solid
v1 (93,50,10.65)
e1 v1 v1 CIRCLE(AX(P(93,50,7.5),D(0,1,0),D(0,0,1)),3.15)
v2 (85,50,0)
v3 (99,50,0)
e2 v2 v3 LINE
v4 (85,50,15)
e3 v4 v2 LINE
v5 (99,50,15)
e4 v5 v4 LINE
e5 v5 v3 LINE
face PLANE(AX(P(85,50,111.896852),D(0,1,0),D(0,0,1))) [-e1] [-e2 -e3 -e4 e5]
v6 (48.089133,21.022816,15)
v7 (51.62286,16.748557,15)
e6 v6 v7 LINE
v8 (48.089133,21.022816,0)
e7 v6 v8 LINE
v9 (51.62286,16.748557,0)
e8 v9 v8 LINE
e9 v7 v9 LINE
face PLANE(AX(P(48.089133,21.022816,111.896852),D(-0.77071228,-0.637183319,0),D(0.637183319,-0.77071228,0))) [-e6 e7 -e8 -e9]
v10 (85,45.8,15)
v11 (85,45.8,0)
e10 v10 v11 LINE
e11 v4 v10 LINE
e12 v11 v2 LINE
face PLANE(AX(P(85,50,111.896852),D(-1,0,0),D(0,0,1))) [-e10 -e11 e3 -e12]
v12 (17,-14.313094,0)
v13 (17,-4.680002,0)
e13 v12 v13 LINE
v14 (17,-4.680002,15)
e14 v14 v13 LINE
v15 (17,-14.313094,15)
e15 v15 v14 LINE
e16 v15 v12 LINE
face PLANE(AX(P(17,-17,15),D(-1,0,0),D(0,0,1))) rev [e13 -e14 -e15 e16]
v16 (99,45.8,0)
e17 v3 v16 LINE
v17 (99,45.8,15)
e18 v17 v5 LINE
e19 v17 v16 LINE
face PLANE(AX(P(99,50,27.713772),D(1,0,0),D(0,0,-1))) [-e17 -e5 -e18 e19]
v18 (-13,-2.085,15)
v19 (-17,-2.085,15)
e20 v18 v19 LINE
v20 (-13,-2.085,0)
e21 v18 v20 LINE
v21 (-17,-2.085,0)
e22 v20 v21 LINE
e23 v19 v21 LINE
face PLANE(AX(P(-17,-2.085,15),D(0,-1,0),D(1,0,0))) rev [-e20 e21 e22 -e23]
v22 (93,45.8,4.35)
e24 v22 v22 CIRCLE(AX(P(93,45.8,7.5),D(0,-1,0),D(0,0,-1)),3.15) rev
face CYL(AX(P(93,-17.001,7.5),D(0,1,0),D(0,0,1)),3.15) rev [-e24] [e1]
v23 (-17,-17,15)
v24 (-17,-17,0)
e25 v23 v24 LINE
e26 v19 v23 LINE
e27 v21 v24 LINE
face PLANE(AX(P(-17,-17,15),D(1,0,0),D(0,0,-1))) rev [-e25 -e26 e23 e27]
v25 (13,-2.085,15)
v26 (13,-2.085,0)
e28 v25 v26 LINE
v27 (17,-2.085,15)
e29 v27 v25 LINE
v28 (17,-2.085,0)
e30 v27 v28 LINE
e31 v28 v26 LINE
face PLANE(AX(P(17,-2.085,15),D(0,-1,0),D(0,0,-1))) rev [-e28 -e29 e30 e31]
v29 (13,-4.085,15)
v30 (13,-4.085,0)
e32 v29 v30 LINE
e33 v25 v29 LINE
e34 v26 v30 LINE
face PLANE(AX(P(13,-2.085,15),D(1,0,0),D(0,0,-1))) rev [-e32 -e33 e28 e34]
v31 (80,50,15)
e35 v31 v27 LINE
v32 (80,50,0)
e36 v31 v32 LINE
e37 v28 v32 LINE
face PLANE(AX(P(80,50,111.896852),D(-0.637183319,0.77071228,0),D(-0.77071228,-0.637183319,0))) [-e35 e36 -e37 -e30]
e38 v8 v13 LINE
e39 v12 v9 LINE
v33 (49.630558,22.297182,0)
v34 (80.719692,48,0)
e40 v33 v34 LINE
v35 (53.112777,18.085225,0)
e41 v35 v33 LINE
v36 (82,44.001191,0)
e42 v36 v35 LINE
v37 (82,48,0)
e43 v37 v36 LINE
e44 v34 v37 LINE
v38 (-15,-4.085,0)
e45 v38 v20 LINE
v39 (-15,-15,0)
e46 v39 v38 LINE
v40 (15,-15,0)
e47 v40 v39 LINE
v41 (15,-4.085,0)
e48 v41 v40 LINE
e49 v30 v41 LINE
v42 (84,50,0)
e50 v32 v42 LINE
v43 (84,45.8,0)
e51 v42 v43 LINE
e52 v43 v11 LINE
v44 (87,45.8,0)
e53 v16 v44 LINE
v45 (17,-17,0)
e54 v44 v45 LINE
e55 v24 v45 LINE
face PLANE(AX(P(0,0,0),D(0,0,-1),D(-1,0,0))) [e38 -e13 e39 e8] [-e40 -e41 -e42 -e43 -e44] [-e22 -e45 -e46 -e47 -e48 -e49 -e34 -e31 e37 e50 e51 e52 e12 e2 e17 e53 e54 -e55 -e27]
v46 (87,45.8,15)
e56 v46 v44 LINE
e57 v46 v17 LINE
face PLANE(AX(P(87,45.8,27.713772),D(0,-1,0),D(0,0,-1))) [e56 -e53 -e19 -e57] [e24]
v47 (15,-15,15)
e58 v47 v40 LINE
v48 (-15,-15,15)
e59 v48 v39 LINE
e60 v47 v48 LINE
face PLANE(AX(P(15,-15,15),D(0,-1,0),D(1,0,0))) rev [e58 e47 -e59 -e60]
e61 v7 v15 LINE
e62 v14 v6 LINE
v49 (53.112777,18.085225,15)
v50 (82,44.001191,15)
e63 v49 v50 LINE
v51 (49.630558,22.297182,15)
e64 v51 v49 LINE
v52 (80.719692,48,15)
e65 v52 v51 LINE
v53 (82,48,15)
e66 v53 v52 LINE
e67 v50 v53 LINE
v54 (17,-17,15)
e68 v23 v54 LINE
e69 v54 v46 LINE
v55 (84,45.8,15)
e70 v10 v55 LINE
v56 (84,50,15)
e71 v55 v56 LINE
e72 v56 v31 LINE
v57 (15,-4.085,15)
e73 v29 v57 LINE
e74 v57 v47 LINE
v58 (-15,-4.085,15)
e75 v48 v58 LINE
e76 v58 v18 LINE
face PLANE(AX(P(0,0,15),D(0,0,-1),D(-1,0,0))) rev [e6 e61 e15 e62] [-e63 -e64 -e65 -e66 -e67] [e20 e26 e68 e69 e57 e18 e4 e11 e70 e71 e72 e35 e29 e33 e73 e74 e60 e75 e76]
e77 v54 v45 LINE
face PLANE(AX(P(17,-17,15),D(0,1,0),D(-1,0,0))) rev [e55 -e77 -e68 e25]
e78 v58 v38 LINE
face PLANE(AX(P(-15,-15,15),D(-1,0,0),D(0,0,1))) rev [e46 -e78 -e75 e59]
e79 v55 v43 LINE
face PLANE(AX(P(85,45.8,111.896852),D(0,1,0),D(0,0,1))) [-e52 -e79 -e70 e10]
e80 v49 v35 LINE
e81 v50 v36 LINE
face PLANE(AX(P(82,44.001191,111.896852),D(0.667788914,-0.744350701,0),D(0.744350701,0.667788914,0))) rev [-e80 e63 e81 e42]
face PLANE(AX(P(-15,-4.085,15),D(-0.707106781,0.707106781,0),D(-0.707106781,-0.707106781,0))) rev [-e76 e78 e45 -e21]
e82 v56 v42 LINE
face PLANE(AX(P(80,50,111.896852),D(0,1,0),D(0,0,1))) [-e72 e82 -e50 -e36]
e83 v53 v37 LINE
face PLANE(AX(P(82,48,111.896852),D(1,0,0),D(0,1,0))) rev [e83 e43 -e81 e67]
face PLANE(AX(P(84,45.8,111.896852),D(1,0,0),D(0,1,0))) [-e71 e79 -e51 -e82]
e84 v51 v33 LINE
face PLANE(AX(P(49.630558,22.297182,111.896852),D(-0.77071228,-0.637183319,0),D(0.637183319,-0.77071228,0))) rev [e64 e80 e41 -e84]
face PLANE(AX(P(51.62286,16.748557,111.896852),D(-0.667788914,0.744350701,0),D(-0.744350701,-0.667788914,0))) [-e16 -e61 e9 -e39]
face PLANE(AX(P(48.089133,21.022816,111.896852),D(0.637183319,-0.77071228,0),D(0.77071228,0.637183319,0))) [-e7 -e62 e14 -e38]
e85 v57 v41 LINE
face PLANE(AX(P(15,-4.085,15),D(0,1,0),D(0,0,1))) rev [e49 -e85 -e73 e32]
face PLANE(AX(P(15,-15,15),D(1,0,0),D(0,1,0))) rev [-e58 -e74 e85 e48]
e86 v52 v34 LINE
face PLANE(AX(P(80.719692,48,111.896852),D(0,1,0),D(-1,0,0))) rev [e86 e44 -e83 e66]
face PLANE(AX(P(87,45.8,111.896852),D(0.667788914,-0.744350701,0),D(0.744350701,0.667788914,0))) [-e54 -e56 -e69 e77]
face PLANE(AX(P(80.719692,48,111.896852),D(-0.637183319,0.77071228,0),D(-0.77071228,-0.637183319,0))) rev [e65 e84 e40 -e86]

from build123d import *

# Parameters (mm, degrees)
BOSS_EXTRUDE1_DEPTH = 15
BOSS_EXTRUDE2_DEPTH = 15
SKETCH3_W           = 12
SKETCH3_H           = 4.2
BOSS_EXTRUDE3_DEPTH = 15
CUT_EXTRUDE1_REACH  = 69
SKETCH4_R           = 3.15


with BuildPart() as part:
    # Sketch1 → Boss-Extrude1 (new body)
    with BuildSketch(Plane.XY):
        Polygon((-15, -15), (-15, -4.085), (-13, -2.085), (-17, -2.085), (-17, -17), (17, -17), (17, -2.085), (13, -2.085), (13, -4.085), (15, -4.085), (15, -15), align=None)
    extrude(amount=BOSS_EXTRUDE1_DEPTH)

    # Sketch2 → Boss-Extrude2 (add)
    with BuildSketch(Plane(origin=(0, 0, 0), x_dir=(-1, 0, 0), z_dir=(0, 0, -1))):
        Polygon((-80, 50), (-17, -2.085), (-17, -4.68000212), (-48.089133488, 21.022815621), (-51.622859883, 16.748556949), (-17, -14.313094489), (-17, -17), (-87, 45.8), (-87, 50), (-85, 50), (-85, 45.8), (-84, 45.8), (-84, 50), align=None)
        Polygon((-80.719691535, 48), (-49.630558047, 22.297182259), (-53.112776785, 18.085225255), (-82, 44.001191225), (-82, 48), align=None, mode=Mode.SUBTRACT)
    extrude(amount=-BOSS_EXTRUDE2_DEPTH)

    # Sketch3 → Boss-Extrude3 (add)
    with BuildSketch(Plane(origin=(0, 0, 0), x_dir=(-1, 0, 0), z_dir=(0, 0, -1))):
        with Locations((-93, 47.9)):
            Rectangle(SKETCH3_W, SKETCH3_H)
    extrude(amount=-BOSS_EXTRUDE3_DEPTH)

    # Sketch4 → Cut-Extrude1 (cut, up to next)
    with BuildSketch(Plane(origin=(0, 50, 0), x_dir=(1, 0, 0), z_dir=(0, 1, 0)), mode=Mode.PRIVATE) as cut_extrude1_sk1:
        with Locations((93, -7.5)):
            Circle(SKETCH4_R)
    cut_extrude1_tool1 = extrude(cut_extrude1_sk1.sketch, amount=-CUT_EXTRUDE1_REACH, mode=Mode.PRIVATE) & part.part
    add(cut_extrude1_tool1.solids().sort_by_distance((93, 50, 7.5))[0], mode=Mode.SUBTRACT)


solid = part.part
